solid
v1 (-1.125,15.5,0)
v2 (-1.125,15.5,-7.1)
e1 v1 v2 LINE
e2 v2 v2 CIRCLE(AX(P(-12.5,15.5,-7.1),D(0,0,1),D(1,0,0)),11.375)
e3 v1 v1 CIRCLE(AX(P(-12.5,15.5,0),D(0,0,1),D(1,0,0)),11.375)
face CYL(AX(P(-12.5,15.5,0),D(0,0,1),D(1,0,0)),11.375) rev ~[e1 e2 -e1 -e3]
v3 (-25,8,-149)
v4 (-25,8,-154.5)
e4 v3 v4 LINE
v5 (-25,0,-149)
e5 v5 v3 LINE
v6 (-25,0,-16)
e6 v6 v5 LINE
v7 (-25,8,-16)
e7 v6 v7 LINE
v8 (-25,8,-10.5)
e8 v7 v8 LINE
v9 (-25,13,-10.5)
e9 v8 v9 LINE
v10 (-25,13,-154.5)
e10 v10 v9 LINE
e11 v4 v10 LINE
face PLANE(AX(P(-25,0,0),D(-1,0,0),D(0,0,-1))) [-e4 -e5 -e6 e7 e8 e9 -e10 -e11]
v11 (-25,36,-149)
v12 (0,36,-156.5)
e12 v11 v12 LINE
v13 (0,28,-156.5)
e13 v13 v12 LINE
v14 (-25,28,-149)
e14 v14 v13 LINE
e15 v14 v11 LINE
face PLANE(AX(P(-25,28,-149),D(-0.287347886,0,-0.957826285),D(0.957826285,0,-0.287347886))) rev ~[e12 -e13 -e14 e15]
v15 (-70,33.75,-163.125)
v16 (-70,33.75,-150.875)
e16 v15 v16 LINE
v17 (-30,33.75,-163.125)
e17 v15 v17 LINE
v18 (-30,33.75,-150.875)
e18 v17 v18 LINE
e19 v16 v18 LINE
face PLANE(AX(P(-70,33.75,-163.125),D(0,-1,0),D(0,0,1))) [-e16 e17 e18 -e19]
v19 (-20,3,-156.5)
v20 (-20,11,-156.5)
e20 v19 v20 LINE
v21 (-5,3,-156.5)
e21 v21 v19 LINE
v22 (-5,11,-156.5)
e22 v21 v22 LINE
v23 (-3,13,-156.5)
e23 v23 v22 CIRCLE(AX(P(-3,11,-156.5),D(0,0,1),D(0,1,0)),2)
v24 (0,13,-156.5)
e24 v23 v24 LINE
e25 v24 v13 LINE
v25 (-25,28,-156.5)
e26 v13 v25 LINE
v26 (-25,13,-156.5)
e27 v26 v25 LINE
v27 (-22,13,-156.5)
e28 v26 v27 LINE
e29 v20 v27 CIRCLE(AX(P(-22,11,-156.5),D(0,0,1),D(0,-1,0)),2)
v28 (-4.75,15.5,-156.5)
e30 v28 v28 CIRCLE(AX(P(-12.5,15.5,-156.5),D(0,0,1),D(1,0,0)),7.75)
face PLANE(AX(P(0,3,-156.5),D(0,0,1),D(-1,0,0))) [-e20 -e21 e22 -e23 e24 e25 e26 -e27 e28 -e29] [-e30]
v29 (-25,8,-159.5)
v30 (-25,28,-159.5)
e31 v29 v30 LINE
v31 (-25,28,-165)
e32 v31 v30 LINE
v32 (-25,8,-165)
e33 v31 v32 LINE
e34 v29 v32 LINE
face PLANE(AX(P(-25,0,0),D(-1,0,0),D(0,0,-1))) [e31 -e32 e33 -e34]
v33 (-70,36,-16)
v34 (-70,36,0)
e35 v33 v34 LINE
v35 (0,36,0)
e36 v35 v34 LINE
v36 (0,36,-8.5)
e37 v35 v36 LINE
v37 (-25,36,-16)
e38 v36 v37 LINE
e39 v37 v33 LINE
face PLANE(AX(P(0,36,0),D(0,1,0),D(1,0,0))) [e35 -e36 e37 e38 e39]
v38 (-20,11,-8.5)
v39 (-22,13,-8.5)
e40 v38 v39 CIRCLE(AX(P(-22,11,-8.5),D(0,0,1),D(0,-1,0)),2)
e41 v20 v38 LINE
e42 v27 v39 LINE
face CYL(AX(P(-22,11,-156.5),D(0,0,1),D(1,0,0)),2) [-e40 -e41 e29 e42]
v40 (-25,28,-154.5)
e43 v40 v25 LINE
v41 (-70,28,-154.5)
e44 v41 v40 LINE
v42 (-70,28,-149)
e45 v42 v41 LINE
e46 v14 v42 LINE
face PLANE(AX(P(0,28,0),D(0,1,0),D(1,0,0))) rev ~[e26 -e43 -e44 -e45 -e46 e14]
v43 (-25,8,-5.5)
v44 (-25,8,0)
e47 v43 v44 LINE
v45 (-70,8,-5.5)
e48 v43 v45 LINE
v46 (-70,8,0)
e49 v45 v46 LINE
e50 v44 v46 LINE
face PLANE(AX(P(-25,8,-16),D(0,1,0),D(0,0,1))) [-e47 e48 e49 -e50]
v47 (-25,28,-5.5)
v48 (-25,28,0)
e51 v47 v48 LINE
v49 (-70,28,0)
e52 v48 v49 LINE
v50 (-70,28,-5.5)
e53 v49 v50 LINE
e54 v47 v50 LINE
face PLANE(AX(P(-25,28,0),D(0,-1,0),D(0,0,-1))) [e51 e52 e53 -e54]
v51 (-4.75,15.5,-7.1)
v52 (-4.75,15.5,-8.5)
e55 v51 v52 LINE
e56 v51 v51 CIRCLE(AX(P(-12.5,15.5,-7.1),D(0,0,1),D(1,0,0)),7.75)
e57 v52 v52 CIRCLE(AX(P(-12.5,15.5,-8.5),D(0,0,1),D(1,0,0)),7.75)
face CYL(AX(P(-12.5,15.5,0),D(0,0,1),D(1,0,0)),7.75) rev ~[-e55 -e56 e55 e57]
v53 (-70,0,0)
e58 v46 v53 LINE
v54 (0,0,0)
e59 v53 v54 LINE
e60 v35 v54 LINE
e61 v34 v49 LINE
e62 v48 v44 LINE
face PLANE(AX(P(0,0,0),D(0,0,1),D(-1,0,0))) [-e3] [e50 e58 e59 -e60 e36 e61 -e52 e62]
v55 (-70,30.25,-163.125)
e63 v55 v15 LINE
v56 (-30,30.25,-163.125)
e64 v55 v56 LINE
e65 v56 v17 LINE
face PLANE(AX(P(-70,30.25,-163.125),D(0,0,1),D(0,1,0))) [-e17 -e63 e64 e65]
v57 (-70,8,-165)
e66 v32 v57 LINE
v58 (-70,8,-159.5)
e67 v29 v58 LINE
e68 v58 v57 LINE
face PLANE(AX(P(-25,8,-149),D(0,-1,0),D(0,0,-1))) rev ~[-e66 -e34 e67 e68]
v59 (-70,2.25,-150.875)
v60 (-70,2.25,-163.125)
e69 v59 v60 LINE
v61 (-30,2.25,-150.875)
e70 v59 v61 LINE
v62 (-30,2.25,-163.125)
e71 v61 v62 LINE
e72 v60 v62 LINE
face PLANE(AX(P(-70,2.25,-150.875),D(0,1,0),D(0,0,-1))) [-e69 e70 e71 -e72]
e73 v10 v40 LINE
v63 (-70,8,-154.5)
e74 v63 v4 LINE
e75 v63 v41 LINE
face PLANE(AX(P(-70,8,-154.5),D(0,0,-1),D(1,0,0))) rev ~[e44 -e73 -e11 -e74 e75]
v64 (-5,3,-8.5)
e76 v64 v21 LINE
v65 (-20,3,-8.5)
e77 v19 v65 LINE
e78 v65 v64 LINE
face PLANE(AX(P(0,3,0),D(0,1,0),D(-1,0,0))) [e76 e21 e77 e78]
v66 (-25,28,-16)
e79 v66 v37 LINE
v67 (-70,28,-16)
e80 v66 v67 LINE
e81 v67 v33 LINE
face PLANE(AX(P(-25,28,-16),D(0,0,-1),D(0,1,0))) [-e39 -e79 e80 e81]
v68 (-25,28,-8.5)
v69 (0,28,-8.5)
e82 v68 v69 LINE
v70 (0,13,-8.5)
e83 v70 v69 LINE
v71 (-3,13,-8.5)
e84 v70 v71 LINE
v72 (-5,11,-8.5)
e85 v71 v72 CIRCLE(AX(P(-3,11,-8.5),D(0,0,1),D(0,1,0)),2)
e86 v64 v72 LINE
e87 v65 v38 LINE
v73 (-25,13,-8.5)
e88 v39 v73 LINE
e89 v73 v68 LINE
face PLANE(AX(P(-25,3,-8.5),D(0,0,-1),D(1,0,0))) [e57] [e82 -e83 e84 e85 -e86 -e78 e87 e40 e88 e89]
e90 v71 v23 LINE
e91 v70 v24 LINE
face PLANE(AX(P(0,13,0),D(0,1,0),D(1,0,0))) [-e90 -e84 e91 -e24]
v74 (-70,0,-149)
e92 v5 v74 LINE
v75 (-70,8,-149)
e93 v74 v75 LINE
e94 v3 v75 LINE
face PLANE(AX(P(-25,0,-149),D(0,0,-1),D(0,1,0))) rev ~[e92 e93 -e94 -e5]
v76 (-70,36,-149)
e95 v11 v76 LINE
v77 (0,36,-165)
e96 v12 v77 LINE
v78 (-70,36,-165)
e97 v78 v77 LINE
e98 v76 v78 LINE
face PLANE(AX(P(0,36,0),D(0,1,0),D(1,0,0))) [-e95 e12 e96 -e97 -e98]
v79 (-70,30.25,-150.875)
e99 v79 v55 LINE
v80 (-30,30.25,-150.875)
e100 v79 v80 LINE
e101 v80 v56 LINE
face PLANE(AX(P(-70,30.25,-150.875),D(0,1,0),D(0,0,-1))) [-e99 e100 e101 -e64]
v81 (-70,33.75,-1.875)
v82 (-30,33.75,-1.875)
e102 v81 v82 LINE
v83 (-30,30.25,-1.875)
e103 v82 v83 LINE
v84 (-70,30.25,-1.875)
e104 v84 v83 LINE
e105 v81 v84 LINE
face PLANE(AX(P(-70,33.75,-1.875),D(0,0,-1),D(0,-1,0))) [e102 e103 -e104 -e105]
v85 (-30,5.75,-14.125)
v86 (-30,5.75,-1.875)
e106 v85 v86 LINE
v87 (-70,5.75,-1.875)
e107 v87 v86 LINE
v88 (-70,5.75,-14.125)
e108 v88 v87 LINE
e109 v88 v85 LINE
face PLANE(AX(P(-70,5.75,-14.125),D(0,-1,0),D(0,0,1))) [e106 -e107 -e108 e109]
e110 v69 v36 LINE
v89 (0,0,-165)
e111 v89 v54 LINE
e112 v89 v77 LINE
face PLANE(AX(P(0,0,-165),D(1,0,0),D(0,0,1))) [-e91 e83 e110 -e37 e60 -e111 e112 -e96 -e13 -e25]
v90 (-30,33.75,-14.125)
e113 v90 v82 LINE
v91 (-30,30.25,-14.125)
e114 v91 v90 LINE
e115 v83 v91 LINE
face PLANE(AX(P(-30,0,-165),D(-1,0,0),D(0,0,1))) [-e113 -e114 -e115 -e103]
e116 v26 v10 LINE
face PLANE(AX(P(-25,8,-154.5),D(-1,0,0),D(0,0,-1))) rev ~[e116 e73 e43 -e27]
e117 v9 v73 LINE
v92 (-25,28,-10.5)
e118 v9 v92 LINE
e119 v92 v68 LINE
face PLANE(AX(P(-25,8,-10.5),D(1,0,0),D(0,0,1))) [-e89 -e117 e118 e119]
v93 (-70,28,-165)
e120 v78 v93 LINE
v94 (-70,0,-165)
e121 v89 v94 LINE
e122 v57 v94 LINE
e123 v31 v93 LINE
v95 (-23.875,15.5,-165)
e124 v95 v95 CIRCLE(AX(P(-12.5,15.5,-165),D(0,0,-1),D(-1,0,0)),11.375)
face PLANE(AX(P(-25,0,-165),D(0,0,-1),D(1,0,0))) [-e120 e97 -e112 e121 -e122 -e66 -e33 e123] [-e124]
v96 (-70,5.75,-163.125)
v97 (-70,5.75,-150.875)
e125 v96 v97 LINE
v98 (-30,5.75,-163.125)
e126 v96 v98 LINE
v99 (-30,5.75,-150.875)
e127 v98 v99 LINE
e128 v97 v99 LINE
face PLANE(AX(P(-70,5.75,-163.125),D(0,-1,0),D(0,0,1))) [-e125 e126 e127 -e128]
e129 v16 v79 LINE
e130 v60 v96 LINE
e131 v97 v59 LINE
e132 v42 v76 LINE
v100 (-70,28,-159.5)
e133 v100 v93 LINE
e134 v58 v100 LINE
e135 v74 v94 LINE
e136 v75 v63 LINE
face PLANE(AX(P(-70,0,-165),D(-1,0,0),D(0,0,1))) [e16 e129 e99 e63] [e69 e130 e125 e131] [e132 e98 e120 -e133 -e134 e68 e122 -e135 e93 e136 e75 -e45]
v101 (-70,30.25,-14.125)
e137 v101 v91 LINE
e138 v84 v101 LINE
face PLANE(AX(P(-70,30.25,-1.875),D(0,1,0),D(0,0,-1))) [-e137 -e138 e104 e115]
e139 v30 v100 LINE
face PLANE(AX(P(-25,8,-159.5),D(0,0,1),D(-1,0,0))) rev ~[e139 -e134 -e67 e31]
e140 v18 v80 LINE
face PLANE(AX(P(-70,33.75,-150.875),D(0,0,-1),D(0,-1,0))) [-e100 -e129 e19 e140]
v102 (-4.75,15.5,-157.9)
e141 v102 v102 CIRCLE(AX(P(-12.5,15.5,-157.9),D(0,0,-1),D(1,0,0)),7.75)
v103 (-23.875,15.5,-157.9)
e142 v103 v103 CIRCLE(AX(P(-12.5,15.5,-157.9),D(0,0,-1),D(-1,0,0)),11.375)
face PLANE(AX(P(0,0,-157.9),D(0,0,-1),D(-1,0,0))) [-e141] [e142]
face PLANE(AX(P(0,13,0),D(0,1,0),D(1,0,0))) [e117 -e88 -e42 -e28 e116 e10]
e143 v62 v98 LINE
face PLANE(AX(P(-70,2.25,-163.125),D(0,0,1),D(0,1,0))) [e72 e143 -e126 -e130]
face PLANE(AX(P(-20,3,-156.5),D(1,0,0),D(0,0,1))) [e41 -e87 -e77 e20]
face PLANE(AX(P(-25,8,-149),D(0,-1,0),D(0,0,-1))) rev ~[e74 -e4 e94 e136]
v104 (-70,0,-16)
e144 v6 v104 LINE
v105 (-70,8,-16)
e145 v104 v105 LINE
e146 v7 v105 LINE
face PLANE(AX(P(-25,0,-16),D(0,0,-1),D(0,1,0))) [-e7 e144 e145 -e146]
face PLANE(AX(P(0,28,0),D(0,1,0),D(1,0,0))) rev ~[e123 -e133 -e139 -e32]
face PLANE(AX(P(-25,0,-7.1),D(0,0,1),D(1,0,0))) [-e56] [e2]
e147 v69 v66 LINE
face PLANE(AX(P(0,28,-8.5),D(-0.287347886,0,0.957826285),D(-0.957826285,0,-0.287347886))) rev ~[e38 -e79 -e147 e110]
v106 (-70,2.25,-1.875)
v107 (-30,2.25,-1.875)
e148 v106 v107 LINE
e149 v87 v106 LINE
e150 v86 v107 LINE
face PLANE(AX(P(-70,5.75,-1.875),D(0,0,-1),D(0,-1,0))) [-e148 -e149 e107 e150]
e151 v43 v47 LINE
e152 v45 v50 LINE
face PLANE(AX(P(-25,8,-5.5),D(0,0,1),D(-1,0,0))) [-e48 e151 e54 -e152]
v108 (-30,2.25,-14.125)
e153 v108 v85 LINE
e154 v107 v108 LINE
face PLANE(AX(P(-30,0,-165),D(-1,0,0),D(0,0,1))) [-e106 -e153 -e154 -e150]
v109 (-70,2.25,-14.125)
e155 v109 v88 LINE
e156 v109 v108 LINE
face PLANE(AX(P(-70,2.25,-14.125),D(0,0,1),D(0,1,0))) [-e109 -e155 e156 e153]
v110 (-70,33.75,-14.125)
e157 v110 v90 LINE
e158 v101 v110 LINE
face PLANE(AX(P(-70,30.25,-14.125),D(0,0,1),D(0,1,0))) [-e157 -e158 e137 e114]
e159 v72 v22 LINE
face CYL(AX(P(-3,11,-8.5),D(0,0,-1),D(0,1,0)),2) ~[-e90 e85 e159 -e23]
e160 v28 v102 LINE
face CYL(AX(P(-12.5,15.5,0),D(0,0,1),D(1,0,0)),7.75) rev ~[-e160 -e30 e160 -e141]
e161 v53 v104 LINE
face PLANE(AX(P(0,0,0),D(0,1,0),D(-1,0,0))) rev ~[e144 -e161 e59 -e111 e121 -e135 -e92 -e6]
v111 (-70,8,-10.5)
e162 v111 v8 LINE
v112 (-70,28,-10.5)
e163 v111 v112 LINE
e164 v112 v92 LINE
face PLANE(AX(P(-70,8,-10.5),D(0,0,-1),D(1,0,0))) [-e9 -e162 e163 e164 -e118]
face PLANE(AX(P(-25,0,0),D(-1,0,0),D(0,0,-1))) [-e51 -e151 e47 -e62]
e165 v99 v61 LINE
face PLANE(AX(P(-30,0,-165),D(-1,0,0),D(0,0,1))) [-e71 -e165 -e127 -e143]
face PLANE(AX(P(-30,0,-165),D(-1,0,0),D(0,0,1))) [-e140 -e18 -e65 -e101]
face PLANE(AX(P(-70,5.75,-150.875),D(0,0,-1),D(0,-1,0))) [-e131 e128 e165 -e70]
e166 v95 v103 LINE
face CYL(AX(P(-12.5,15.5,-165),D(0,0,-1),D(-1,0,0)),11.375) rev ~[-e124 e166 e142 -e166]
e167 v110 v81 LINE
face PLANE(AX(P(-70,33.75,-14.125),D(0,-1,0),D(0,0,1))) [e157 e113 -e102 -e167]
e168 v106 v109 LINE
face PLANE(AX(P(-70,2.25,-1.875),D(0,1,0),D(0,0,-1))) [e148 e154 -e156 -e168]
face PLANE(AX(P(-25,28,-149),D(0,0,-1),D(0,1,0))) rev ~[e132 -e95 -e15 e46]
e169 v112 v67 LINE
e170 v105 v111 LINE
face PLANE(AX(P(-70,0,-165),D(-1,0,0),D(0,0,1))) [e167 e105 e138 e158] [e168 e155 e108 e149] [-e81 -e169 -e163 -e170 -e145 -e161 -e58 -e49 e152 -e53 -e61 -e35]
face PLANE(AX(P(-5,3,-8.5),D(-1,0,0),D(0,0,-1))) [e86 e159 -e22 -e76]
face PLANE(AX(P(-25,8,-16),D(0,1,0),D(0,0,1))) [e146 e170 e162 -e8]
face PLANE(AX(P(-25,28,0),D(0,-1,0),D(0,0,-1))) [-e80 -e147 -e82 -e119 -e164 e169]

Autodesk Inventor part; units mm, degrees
ref_plane "YZ Plane" through (0, 0, 0) normal (1, 0, 0) x (0, 1, 0)
ref_plane "XZ Plane" through (0, 0, 0) normal (0, 1, 0) x (-1, 0, 0)
ref_plane "XY Plane" through (0, 0, 0) normal (0, 0, 1) x (1, 0, 0)
sketch "Sketch1" plane through (0, 0, 0) normal (0, 1, 0) x (-1, 0, 0)
  line L0 (0, 0) -> (25, 0)
  line L1 (25, 0) -> (25, -165)
  line L2 (25, -165) -> (0, -165)
  line L3 (0, -165) -> (0, 0)
  dimension "d0" = 25
  dimension "d1" = 165
extrude "Extrusion1" add sketch "Sketch1" along normal blind 3
sketch "Sketch2" plane through (0, 3, 0) normal (0, 1, 0) x (1, 0, 0)
  line L0 (0, 0) -> (0, 165) projected
  line L1 (-25, 165) -> (-25, 0) projected
  line L2 (0, 0) -> (-25, 0)
  line L3 (-25, 0) -> (-25, 8.5)
  line L4 (-25, 8.5) -> (0, 8.5)
  line L5 (0, 8.5) -> (0, 0)
  line L6 (-25, 165) -> (0, 165)
  line L7 (0, 165) -> (0, 156.5)
  line L8 (0, 156.5) -> (-25, 156.5)
  line L9 (-25, 156.5) -> (-25, 165)
  dimension "d4" = 8.5
  dimension "d5" = 8.5
extrude "Extrusion2" add sketch "Sketch2" along normal blind 25 contours L2 L1 L4 L0 | L8 L1 L6 L0
sketch "Sketch3" plane through (-25, 0, 0) normal (0, 0, 1) x (1, 0, 0)
  line L0 (0, 3) -> (0, 28) construction
  line L1 (25, 3) -> (25, 28) construction
  line L2 (0, 28) -> (25, 28) construction
  line L3 (25, 28) -> (25, 3) construction
  line L4 (25, 3) -> (0, 3) construction
  line L5 (0, 3) -> (0, 28) construction
  circle A0 centre (12.5, 15.5) radius 11
  point P0 (25, 0)
  dimension "d8" = 25
  dimension "d9" = 22
extrude "Extrusion3" cut sketch "Sketch3" against normal blind 7.1
sketch "Sketch4" plane through (-25, 0, 0) normal (0, 0, 1) x (1, 0, 0)
  circle A0 centre (12.5, 15.5) radius 11 projected
  circle A1 centre (12.5, 15.5) radius 7.75
  point P0 (25, 0)
  dimension "d12" = 15.5
extrude "Extrusion4" cut sketch "Sketch4" against normal blind 165 contours A1
sketch "Sketch5" plane through (0, 0, -165) normal (0, 0, -1) x (-1, 0, 0)
  circle A0 centre (12.5, 15.5) radius 7.75 projected
  circle A1 centre (12.5, 15.5) radius 11
  point P0 (0, 0)
extrude "Extrusion5" cut sketch "Sketch5" against normal blind 7.1
sketch "Sketch6" plane through (0, 3, 0) normal (0, 1, 0) x (1, 0, 0)
  line L0 (-25, 156.5) -> (-25, 8.5) projected
  line L1 (-20.25, 8.5) -> (-4.75, 8.5) projected
  line L2 (-25, 156.5) -> (-20, 156.5)
  line L3 (-20, 156.5) -> (-20, 8.5)
  line L4 (-20, 8.5) -> (-25, 8.5)
  line L5 (-25, 8.5) -> (-25, 156.5)
  line L6 (0, 8.5) -> (0, 156.5) projected
  line L7 (-4.75, 156.5) -> (-20.25, 156.5) projected
  line L8 (0, 8.5) -> (-5, 8.5)
  line L9 (-5, 8.5) -> (-5, 156.5)
  line L10 (-5, 156.5) -> (0, 156.5)
  line L11 (0, 156.5) -> (0, 8.5)
  point P0 (0, 0)
  dimension "d17" = 5
  dimension "d18" = 5
extrude "Extrusion6" add sketch "Sketch6" along normal blind 10 contours L2 L3 L1 L4 L0 | L7 L10 L6 L8 L1 L9
fillet "Fillet1" radius 2 2 edges at (-5, 13, -82.5) (-20, 13, -82.5)
sketch "Sketch7" plane through (-25, 0, 0) normal (0, 0, 1) x (1, 0, 0)
  point P0 (25, 0)
sketch "Sketch8" plane through (-25, 0, 0) normal (0, 0, 1) x (1, 0, 0)
  circle A0 centre (12.5, 15.5) radius 11 projected
  circle A1 centre (12.5, 15.5) radius 11
  circle A2 centre (12.5, 15.5) radius 11.375
  point P0 (25, 0)
  dimension "d22" = 22.75
extrude "Extrusion7" cut sketch "Sketch8" against normal blind 7.1
sketch "Sketch9" plane through (0, 0, -165) normal (0, 0, -1) x (-1, 0, 0)
  circle A0 centre (12.5, 15.5) radius 11.375 projected
  circle A1 centre (12.5, 15.5) radius 11.375
  point P0 (0, 0)
extrude "Extrusion8" cut sketch "Sketch9" against normal blind 7.1
sketch "Sketch10" plane through (-25, 0, -165) normal (-1, 0, 0) x (0, 0, 1)
  point P0 (165, 0)
sketch "Sketch11" plane through (-25, 0, -165) normal (-1, 0, 0) x (0, 0, 1)
  line L0 (165, 0) -> (0, 0) projected
  line L1 (0, 0) -> (16, 0)
  line L2 (16, 0) -> (16, 8)
  line L3 (16, 8) -> (0, 8)
  line L4 (0, 8) -> (0, 0)
  line L5 (165, 0) -> (149, 0)
  line L6 (149, 0) -> (149, 8)
  line L7 (149, 8) -> (165, 8)
  line L8 (165, 8) -> (165, 0)
  line L9 (8.5, 28) -> (0, 28) projected
  line L10 (0, 28) -> (16, 28)
  line L11 (16, 28) -> (16, 36)
  line L12 (16, 36) -> (0, 36)
  line L13 (0, 36) -> (0, 28)
  line L14 (165, 28) -> (156.5, 28) projected
  line L15 (165, 28) -> (149, 28)
  line L16 (149, 28) -> (149, 36)
  line L17 (149, 36) -> (165, 36)
  line L18 (165, 36) -> (165, 28)
  dimension "d27" = 16
  dimension "d28" = 8
  dimension "d29" = 16
  dimension "d30" = 16
  dimension "d31" = 8
  dimension "d32" = 16
extrude "Extrusion9" add sketch "Sketch11" along normal blind 45
sketch "Sketch12" plane through (0, 28, 0) normal (0, 1, 0) x (1, 0, 0)
  line L0 (-25, 0) -> (-70, 0) projected
  line L1 (0, 0) -> (-70, 0) projected
  line L2 (-25, 0) -> (0, 0)
  line L3 (0, 0) -> (0, 8.5) projected
  line L4 (0, 0) -> (0, 8.5)
  line L5 (-25, 16) -> (-25, 0) projected
  line L6 (0, 8.5) -> (-25, 16)
  line L7 (-25, 16) -> (-25, 0)
  line L8 (-25, 16) -> (-25, 149) projected
  line L9 (0, 156.5) -> (0, 165) projected
  line L10 (-25, 149) -> (0, 156.5)
  line L11 (0, 156.5) -> (0, 165)
  line L12 (-70, 165) -> (0, 165) projected
  line L13 (0, 165) -> (-25, 165)
  line L14 (-25, 149) -> (-25, 165)
extrude "Extrusion10" add sketch "Sketch12" along normal blind 8
sketch "Sketch13" plane through (-70, 0, -165) normal (-1, 0, 0) x (0, 0, 1)
  line L0 (0, 8) -> (16, 8) construction
  line L1 (0, 0) -> (16, 0) construction
  line L2 (0, 8) -> (16, 0) construction
  line L3 (14.125, 2.25) -> (1.875, 2.25)
  line L4 (1.875, 2.25) -> (1.875, 5.75)
  line L5 (1.875, 5.75) -> (14.125, 5.75)
  line L6 (14.125, 5.75) -> (14.125, 2.25)
  line L7 (14.125, 2.25) -> (1.875, 5.75) construction
  line L8 (1.875, 2.25) -> (14.125, 5.75) construction
  line L9 (0, 0) -> (0, 36) construction
  line L10 (16, 28) -> (8.5, 28) construction
  line L11 (0, 36) -> (16, 28) construction
  line L12 (14.125, 30.25) -> (1.875, 30.25)
  line L13 (1.875, 30.25) -> (1.875, 33.75)
  line L14 (1.875, 33.75) -> (14.125, 33.75)
  line L15 (14.125, 33.75) -> (14.125, 30.25)
  line L16 (14.125, 30.25) -> (1.875, 33.75) construction
  line L17 (1.875, 30.25) -> (14.125, 33.75) construction
  line L18 (149, 0) -> (149, 8) construction
  line L19 (0, 0) -> (165, 0) construction
  line L20 (149, 8) -> (165, 0) construction
  line L21 (165, 36) -> (149, 36) construction
  line L22 (149, 28) -> (165, 28) construction
  line L23 (149, 36) -> (165, 28) construction
  line L24 (163.125, 30.25) -> (150.875, 30.25)
  line L25 (150.875, 30.25) -> (150.875, 33.75)
  line L26 (150.875, 33.75) -> (163.125, 33.75)
  line L27 (163.125, 33.75) -> (163.125, 30.25)
  line L28 (163.125, 30.25) -> (150.875, 33.75) construction
  line L29 (150.875, 30.25) -> (163.125, 33.75) construction
  line L30 (163.125, 2.25) -> (150.875, 2.25)
  line L31 (150.875, 2.25) -> (150.875, 5.75)
  line L32 (150.875, 5.75) -> (163.125, 5.75)
  line L33 (163.125, 5.75) -> (163.125, 2.25)
  line L34 (163.125, 2.25) -> (150.875, 5.75) construction
  line L35 (150.875, 2.25) -> (163.125, 5.75) construction
  point P0 (8, 4)
  point P1 (8, 32)
  point P2 (157, 32)
  point P3 (157, 4)
  dimension "d37" = 12.25
  dimension "d38" = 3.5
  dimension "d39" = 12.25
  dimension "d40" = 3.5
  dimension "d41" = 12.25
  dimension "d42" = 3.5
  dimension "d43" = 12.25
extrude "Extrusion11" cut sketch "Sketch13" against normal blind 40
sketch "Sketch14" plane through (-25, 8, -149) normal (0, 1, 0) x (1, 0, 0)
  line L0 (0, 16) -> (0, 0) construction
  line L1 (0, 8) -> (0, 10.5) construction
  line L2 (-45, 0) -> (-45, 16) projected
  line L3 (0, 10.5) -> (-45, 10.5)
  line L4 (-45, 10.5) -> (-45, 5.5)
  line L5 (-45, 5.5) -> (0, 5.5)
  line L6 (0, 5.5) -> (0, 10.5)
  line L7 (0, -133) -> (0, -149) construction
  line L8 (0, -141) -> (0, -143.5) construction
  line L9 (-45, -149) -> (-45, -133) projected
  line L10 (0, -143.5) -> (-45, -143.5)
  line L11 (-45, -143.5) -> (-45, -138.5)
  line L12 (-45, -138.5) -> (0, -138.5)
  line L13 (0, -138.5) -> (0, -143.5)
  point P0 (25, -149)
  dimension "d46" = 2.5
  dimension "d47" = 5
  dimension "d48" = 2.5
  dimension "d49" = 5
extrude "Extrusion12" add sketch "Sketch14" along normal blind 20
properties part number "frontAxelHolder 10-23"
